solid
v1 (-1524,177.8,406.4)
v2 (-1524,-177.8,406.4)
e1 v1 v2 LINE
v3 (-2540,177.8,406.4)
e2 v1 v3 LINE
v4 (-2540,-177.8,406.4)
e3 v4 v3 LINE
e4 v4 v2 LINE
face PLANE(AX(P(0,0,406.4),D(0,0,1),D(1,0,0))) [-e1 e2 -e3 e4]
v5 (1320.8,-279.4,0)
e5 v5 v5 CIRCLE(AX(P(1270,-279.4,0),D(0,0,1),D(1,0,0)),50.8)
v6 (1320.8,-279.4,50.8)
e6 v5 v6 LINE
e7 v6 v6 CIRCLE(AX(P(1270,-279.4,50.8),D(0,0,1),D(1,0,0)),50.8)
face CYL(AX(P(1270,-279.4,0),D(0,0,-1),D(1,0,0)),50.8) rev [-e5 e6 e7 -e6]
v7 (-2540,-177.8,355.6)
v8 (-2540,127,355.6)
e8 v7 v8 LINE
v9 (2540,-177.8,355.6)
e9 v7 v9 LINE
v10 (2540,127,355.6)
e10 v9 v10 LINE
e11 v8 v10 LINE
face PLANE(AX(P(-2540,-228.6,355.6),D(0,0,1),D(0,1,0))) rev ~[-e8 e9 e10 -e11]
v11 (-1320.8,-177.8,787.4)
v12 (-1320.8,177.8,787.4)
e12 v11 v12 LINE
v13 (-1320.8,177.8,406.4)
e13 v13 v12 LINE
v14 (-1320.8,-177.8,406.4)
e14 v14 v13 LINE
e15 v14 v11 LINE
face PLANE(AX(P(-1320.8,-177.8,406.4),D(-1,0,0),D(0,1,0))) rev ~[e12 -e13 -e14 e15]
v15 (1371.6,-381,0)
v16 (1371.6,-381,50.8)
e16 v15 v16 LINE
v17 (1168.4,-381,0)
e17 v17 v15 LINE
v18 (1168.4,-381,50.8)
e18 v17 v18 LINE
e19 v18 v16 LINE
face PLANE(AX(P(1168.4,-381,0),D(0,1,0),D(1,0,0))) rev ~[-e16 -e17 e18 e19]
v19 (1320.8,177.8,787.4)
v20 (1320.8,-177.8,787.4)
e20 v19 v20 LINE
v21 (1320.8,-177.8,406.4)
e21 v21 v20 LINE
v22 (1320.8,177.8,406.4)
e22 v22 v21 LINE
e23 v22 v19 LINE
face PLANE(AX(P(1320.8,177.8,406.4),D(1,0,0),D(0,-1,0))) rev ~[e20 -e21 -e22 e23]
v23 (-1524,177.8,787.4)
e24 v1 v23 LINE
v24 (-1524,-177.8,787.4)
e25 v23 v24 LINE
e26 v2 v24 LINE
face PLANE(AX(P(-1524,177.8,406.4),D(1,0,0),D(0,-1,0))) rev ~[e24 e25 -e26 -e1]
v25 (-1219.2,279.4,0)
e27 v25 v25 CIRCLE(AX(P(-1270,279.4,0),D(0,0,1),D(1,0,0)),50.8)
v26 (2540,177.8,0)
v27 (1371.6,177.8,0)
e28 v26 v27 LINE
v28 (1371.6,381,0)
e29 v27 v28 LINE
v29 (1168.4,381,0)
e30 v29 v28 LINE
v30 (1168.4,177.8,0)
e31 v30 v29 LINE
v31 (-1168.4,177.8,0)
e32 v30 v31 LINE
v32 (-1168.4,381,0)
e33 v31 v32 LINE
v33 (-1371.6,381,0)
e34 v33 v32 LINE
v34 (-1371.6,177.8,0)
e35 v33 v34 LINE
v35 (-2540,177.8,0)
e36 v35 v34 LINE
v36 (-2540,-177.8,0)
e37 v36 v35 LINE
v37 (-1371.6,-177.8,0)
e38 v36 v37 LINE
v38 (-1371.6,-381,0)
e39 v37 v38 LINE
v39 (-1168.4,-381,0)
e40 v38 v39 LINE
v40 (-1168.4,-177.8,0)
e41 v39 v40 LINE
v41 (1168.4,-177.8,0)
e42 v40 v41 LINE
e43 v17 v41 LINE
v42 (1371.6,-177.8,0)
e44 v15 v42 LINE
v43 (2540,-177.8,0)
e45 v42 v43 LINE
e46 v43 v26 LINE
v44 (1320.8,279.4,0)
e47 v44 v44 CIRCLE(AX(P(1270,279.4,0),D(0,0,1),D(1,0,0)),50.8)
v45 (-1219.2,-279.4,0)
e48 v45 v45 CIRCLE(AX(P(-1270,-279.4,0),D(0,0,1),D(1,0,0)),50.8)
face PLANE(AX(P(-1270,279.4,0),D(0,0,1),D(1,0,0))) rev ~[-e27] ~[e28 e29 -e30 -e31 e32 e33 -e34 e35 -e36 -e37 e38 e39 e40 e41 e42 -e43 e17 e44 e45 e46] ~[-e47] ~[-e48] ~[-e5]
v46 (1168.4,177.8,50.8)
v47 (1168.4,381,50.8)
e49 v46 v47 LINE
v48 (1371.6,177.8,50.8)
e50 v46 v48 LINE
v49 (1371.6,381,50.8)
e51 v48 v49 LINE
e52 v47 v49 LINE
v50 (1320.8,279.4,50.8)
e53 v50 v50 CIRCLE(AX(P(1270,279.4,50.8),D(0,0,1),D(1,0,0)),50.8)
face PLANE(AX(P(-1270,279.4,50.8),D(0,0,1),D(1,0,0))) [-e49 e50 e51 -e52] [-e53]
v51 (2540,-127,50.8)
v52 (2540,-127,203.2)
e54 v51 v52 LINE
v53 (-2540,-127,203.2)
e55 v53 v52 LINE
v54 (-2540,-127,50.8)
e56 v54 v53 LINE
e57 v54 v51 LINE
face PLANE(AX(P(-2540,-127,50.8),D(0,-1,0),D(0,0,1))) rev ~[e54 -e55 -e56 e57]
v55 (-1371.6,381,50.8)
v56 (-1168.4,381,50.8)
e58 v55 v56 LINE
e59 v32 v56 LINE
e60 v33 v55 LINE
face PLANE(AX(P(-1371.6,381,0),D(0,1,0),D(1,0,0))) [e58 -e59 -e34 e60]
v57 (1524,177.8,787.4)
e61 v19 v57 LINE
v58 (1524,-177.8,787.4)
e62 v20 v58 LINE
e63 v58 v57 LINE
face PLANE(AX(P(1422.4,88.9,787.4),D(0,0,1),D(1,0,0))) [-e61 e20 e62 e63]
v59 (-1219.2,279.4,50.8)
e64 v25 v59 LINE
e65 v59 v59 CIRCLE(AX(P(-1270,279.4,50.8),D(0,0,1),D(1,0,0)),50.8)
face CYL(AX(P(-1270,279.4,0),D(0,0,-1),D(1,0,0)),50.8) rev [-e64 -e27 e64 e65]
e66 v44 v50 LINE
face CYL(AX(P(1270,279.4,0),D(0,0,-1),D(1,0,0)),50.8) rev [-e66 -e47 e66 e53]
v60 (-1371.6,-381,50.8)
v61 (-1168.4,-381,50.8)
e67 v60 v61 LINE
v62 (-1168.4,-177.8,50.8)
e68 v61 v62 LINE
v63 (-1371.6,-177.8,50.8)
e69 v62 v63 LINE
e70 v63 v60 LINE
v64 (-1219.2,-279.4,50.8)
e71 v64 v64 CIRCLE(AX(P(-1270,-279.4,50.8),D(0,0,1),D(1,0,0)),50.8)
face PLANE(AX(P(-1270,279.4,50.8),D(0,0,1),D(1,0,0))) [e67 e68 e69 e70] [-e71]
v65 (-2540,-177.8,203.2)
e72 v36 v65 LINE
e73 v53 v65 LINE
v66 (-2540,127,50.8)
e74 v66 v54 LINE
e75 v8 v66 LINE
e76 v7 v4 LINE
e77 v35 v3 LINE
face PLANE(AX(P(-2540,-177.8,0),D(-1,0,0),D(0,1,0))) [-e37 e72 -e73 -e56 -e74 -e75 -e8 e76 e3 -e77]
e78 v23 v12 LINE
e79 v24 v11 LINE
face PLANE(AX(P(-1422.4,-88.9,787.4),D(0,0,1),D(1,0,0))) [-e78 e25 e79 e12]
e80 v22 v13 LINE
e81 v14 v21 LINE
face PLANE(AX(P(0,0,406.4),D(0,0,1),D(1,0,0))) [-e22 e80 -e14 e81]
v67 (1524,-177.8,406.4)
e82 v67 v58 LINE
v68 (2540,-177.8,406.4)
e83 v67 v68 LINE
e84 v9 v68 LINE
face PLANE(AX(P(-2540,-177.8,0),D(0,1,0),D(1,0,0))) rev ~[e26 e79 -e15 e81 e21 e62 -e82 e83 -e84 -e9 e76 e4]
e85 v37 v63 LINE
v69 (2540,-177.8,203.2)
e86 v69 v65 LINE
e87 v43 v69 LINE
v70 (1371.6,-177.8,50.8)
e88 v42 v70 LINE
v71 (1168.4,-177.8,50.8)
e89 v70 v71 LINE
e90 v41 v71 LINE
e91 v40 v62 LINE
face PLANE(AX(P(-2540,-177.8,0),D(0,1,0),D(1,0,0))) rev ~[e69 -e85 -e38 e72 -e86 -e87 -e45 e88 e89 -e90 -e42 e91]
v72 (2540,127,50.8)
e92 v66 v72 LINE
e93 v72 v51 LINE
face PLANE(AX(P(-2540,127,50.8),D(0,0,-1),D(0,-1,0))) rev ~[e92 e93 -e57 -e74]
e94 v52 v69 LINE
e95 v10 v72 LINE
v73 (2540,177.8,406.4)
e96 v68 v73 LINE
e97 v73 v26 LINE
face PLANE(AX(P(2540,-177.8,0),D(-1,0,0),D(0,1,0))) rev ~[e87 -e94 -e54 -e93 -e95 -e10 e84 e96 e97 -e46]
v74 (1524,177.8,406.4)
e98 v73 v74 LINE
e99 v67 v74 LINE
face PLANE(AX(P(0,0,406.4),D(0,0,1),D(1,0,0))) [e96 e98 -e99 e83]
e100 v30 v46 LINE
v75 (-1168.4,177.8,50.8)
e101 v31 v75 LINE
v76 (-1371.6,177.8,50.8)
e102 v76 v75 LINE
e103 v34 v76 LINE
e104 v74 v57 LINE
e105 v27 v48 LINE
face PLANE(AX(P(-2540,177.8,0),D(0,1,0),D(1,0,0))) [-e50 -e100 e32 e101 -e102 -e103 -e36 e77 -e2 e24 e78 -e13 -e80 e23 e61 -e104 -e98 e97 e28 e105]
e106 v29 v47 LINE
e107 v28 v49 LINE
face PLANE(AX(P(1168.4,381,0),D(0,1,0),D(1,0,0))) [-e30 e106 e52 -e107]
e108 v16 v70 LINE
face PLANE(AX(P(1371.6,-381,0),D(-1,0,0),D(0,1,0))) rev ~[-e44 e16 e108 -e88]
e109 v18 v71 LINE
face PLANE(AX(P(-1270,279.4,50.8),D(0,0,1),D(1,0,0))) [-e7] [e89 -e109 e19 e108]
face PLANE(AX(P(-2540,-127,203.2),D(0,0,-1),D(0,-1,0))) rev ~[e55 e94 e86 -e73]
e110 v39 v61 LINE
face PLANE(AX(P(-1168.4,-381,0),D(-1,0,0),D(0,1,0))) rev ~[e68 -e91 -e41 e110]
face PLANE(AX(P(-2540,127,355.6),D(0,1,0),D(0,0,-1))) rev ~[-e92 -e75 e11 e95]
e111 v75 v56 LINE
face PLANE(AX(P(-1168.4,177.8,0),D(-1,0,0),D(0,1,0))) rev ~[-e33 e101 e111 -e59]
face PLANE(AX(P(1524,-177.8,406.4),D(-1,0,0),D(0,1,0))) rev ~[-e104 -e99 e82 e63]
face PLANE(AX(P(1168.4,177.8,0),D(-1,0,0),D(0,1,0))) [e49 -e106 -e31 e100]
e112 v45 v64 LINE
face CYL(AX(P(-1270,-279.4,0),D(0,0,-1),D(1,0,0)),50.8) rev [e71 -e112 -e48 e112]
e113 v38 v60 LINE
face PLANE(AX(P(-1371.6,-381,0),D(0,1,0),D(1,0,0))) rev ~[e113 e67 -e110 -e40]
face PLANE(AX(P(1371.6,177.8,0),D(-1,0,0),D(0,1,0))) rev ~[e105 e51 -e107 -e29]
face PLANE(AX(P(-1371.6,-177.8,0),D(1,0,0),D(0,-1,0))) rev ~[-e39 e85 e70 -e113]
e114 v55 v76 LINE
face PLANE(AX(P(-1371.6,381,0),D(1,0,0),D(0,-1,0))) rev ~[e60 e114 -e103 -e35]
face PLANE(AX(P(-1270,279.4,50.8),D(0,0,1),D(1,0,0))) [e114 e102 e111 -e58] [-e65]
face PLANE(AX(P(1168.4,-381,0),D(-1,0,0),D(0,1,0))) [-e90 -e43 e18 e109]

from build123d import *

# Parameters (mm, degrees)
F0_W     = 203.2
F0_H     = 203.2
F0_R     = 50.8
F0_H_2   = 355.6
F0_W_2   = 2336.8
F0_W_3   = 1168.4
F1_DEPTH = 50.8
F2_DEPTH = 406.4
F3_W     = 50.8
F3_H     = 152.4
F4_DEPTH = 5963.92
F5_W     = 203.2
F5_H     = 177.8
F6_DEPTH = 381


with BuildPart() as f1:
    # F0 (on Top) → F1 (new body)
    with BuildSketch(Plane.XY):
        with Locations((-1270, 279.4)):
            Rectangle(F0_W, F0_H)
        with Locations((-1270, 279.4)):
            Circle(F0_R, mode=Mode.SUBTRACT)
        with Locations((-1270, -279.4)):
            Rectangle(F0_W, F0_H)
        with Locations((-1270, -279.4)):
            Circle(F0_R, mode=Mode.SUBTRACT)
        with Locations((-1270, 0)):
            Rectangle(F0_W, F0_H_2)
        Rectangle(F0_W_2, F0_H_2)
        with Locations((-1955.8, 0)):
            Rectangle(F0_W_3, F0_H_2)
        with Locations((1955.8, 0)):
            Rectangle(F0_W_3, F0_H_2)
        with Locations((1270, 0)):
            Rectangle(F0_W, F0_H_2)
        with Locations((1270, 279.4)):
            Rectangle(F0_W, F0_H)
        with Locations((1270, 279.4)):
            Circle(F0_R, mode=Mode.SUBTRACT)
        with Locations((1270, -279.4)):
            Rectangle(F0_W, F0_H)
        with Locations((1270, -279.4)):
            Circle(F0_R, mode=Mode.SUBTRACT)
    extrude(amount=F1_DEPTH)

    # F0 (on Top) → F2 (join)
    with BuildSketch(Plane.XY):
        Rectangle(F0_W_2, F0_H_2)
        with Locations((1955.8, 0)):
            Rectangle(F0_W_3, F0_H_2)
        with Locations((-1955.8, 0)):
            Rectangle(F0_W_3, F0_H_2)
        with Locations((-1270, 0)):
            Rectangle(F0_W, F0_H_2)
        with Locations((1270, 0)):
            Rectangle(F0_W, F0_H_2)
    extrude(amount=F2_DEPTH)

    # F3 (on face) → F4 (cut)
    with BuildSketch(Plane(origin=(-2540, 0, 0), x_dir=(0, -1, 0), z_dir=(-1, 0, 0))):
        Polygon((-127, 355.6), (-127, 50.8), (127, 50.8), (127, 203.2), (127, 355.6), align=None)
        with Locations((203.2, 279.4)):
            Rectangle(F3_W, F3_H)
        with Locations((152.4, 279.4)):
            Rectangle(F3_W, F3_H)
    extrude(amount=-F4_DEPTH, mode=Mode.SUBTRACT)

    # F5 (on face) → F6 (join)
    with BuildSketch(Plane.XY.offset(406.4)):
        with Locations((1422.4, 88.9)):
            Rectangle(F5_W, F5_H)
        with Locations((1422.4, -88.9)):
            Rectangle(F5_W, F5_H)
        with Locations((-1422.4, -88.9)):
            Rectangle(F5_W, F5_H)
        with Locations((-1422.4, 88.9)):
            Rectangle(F5_W, F5_H)
    extrude(amount=F6_DEPTH)


solid = f1.part
